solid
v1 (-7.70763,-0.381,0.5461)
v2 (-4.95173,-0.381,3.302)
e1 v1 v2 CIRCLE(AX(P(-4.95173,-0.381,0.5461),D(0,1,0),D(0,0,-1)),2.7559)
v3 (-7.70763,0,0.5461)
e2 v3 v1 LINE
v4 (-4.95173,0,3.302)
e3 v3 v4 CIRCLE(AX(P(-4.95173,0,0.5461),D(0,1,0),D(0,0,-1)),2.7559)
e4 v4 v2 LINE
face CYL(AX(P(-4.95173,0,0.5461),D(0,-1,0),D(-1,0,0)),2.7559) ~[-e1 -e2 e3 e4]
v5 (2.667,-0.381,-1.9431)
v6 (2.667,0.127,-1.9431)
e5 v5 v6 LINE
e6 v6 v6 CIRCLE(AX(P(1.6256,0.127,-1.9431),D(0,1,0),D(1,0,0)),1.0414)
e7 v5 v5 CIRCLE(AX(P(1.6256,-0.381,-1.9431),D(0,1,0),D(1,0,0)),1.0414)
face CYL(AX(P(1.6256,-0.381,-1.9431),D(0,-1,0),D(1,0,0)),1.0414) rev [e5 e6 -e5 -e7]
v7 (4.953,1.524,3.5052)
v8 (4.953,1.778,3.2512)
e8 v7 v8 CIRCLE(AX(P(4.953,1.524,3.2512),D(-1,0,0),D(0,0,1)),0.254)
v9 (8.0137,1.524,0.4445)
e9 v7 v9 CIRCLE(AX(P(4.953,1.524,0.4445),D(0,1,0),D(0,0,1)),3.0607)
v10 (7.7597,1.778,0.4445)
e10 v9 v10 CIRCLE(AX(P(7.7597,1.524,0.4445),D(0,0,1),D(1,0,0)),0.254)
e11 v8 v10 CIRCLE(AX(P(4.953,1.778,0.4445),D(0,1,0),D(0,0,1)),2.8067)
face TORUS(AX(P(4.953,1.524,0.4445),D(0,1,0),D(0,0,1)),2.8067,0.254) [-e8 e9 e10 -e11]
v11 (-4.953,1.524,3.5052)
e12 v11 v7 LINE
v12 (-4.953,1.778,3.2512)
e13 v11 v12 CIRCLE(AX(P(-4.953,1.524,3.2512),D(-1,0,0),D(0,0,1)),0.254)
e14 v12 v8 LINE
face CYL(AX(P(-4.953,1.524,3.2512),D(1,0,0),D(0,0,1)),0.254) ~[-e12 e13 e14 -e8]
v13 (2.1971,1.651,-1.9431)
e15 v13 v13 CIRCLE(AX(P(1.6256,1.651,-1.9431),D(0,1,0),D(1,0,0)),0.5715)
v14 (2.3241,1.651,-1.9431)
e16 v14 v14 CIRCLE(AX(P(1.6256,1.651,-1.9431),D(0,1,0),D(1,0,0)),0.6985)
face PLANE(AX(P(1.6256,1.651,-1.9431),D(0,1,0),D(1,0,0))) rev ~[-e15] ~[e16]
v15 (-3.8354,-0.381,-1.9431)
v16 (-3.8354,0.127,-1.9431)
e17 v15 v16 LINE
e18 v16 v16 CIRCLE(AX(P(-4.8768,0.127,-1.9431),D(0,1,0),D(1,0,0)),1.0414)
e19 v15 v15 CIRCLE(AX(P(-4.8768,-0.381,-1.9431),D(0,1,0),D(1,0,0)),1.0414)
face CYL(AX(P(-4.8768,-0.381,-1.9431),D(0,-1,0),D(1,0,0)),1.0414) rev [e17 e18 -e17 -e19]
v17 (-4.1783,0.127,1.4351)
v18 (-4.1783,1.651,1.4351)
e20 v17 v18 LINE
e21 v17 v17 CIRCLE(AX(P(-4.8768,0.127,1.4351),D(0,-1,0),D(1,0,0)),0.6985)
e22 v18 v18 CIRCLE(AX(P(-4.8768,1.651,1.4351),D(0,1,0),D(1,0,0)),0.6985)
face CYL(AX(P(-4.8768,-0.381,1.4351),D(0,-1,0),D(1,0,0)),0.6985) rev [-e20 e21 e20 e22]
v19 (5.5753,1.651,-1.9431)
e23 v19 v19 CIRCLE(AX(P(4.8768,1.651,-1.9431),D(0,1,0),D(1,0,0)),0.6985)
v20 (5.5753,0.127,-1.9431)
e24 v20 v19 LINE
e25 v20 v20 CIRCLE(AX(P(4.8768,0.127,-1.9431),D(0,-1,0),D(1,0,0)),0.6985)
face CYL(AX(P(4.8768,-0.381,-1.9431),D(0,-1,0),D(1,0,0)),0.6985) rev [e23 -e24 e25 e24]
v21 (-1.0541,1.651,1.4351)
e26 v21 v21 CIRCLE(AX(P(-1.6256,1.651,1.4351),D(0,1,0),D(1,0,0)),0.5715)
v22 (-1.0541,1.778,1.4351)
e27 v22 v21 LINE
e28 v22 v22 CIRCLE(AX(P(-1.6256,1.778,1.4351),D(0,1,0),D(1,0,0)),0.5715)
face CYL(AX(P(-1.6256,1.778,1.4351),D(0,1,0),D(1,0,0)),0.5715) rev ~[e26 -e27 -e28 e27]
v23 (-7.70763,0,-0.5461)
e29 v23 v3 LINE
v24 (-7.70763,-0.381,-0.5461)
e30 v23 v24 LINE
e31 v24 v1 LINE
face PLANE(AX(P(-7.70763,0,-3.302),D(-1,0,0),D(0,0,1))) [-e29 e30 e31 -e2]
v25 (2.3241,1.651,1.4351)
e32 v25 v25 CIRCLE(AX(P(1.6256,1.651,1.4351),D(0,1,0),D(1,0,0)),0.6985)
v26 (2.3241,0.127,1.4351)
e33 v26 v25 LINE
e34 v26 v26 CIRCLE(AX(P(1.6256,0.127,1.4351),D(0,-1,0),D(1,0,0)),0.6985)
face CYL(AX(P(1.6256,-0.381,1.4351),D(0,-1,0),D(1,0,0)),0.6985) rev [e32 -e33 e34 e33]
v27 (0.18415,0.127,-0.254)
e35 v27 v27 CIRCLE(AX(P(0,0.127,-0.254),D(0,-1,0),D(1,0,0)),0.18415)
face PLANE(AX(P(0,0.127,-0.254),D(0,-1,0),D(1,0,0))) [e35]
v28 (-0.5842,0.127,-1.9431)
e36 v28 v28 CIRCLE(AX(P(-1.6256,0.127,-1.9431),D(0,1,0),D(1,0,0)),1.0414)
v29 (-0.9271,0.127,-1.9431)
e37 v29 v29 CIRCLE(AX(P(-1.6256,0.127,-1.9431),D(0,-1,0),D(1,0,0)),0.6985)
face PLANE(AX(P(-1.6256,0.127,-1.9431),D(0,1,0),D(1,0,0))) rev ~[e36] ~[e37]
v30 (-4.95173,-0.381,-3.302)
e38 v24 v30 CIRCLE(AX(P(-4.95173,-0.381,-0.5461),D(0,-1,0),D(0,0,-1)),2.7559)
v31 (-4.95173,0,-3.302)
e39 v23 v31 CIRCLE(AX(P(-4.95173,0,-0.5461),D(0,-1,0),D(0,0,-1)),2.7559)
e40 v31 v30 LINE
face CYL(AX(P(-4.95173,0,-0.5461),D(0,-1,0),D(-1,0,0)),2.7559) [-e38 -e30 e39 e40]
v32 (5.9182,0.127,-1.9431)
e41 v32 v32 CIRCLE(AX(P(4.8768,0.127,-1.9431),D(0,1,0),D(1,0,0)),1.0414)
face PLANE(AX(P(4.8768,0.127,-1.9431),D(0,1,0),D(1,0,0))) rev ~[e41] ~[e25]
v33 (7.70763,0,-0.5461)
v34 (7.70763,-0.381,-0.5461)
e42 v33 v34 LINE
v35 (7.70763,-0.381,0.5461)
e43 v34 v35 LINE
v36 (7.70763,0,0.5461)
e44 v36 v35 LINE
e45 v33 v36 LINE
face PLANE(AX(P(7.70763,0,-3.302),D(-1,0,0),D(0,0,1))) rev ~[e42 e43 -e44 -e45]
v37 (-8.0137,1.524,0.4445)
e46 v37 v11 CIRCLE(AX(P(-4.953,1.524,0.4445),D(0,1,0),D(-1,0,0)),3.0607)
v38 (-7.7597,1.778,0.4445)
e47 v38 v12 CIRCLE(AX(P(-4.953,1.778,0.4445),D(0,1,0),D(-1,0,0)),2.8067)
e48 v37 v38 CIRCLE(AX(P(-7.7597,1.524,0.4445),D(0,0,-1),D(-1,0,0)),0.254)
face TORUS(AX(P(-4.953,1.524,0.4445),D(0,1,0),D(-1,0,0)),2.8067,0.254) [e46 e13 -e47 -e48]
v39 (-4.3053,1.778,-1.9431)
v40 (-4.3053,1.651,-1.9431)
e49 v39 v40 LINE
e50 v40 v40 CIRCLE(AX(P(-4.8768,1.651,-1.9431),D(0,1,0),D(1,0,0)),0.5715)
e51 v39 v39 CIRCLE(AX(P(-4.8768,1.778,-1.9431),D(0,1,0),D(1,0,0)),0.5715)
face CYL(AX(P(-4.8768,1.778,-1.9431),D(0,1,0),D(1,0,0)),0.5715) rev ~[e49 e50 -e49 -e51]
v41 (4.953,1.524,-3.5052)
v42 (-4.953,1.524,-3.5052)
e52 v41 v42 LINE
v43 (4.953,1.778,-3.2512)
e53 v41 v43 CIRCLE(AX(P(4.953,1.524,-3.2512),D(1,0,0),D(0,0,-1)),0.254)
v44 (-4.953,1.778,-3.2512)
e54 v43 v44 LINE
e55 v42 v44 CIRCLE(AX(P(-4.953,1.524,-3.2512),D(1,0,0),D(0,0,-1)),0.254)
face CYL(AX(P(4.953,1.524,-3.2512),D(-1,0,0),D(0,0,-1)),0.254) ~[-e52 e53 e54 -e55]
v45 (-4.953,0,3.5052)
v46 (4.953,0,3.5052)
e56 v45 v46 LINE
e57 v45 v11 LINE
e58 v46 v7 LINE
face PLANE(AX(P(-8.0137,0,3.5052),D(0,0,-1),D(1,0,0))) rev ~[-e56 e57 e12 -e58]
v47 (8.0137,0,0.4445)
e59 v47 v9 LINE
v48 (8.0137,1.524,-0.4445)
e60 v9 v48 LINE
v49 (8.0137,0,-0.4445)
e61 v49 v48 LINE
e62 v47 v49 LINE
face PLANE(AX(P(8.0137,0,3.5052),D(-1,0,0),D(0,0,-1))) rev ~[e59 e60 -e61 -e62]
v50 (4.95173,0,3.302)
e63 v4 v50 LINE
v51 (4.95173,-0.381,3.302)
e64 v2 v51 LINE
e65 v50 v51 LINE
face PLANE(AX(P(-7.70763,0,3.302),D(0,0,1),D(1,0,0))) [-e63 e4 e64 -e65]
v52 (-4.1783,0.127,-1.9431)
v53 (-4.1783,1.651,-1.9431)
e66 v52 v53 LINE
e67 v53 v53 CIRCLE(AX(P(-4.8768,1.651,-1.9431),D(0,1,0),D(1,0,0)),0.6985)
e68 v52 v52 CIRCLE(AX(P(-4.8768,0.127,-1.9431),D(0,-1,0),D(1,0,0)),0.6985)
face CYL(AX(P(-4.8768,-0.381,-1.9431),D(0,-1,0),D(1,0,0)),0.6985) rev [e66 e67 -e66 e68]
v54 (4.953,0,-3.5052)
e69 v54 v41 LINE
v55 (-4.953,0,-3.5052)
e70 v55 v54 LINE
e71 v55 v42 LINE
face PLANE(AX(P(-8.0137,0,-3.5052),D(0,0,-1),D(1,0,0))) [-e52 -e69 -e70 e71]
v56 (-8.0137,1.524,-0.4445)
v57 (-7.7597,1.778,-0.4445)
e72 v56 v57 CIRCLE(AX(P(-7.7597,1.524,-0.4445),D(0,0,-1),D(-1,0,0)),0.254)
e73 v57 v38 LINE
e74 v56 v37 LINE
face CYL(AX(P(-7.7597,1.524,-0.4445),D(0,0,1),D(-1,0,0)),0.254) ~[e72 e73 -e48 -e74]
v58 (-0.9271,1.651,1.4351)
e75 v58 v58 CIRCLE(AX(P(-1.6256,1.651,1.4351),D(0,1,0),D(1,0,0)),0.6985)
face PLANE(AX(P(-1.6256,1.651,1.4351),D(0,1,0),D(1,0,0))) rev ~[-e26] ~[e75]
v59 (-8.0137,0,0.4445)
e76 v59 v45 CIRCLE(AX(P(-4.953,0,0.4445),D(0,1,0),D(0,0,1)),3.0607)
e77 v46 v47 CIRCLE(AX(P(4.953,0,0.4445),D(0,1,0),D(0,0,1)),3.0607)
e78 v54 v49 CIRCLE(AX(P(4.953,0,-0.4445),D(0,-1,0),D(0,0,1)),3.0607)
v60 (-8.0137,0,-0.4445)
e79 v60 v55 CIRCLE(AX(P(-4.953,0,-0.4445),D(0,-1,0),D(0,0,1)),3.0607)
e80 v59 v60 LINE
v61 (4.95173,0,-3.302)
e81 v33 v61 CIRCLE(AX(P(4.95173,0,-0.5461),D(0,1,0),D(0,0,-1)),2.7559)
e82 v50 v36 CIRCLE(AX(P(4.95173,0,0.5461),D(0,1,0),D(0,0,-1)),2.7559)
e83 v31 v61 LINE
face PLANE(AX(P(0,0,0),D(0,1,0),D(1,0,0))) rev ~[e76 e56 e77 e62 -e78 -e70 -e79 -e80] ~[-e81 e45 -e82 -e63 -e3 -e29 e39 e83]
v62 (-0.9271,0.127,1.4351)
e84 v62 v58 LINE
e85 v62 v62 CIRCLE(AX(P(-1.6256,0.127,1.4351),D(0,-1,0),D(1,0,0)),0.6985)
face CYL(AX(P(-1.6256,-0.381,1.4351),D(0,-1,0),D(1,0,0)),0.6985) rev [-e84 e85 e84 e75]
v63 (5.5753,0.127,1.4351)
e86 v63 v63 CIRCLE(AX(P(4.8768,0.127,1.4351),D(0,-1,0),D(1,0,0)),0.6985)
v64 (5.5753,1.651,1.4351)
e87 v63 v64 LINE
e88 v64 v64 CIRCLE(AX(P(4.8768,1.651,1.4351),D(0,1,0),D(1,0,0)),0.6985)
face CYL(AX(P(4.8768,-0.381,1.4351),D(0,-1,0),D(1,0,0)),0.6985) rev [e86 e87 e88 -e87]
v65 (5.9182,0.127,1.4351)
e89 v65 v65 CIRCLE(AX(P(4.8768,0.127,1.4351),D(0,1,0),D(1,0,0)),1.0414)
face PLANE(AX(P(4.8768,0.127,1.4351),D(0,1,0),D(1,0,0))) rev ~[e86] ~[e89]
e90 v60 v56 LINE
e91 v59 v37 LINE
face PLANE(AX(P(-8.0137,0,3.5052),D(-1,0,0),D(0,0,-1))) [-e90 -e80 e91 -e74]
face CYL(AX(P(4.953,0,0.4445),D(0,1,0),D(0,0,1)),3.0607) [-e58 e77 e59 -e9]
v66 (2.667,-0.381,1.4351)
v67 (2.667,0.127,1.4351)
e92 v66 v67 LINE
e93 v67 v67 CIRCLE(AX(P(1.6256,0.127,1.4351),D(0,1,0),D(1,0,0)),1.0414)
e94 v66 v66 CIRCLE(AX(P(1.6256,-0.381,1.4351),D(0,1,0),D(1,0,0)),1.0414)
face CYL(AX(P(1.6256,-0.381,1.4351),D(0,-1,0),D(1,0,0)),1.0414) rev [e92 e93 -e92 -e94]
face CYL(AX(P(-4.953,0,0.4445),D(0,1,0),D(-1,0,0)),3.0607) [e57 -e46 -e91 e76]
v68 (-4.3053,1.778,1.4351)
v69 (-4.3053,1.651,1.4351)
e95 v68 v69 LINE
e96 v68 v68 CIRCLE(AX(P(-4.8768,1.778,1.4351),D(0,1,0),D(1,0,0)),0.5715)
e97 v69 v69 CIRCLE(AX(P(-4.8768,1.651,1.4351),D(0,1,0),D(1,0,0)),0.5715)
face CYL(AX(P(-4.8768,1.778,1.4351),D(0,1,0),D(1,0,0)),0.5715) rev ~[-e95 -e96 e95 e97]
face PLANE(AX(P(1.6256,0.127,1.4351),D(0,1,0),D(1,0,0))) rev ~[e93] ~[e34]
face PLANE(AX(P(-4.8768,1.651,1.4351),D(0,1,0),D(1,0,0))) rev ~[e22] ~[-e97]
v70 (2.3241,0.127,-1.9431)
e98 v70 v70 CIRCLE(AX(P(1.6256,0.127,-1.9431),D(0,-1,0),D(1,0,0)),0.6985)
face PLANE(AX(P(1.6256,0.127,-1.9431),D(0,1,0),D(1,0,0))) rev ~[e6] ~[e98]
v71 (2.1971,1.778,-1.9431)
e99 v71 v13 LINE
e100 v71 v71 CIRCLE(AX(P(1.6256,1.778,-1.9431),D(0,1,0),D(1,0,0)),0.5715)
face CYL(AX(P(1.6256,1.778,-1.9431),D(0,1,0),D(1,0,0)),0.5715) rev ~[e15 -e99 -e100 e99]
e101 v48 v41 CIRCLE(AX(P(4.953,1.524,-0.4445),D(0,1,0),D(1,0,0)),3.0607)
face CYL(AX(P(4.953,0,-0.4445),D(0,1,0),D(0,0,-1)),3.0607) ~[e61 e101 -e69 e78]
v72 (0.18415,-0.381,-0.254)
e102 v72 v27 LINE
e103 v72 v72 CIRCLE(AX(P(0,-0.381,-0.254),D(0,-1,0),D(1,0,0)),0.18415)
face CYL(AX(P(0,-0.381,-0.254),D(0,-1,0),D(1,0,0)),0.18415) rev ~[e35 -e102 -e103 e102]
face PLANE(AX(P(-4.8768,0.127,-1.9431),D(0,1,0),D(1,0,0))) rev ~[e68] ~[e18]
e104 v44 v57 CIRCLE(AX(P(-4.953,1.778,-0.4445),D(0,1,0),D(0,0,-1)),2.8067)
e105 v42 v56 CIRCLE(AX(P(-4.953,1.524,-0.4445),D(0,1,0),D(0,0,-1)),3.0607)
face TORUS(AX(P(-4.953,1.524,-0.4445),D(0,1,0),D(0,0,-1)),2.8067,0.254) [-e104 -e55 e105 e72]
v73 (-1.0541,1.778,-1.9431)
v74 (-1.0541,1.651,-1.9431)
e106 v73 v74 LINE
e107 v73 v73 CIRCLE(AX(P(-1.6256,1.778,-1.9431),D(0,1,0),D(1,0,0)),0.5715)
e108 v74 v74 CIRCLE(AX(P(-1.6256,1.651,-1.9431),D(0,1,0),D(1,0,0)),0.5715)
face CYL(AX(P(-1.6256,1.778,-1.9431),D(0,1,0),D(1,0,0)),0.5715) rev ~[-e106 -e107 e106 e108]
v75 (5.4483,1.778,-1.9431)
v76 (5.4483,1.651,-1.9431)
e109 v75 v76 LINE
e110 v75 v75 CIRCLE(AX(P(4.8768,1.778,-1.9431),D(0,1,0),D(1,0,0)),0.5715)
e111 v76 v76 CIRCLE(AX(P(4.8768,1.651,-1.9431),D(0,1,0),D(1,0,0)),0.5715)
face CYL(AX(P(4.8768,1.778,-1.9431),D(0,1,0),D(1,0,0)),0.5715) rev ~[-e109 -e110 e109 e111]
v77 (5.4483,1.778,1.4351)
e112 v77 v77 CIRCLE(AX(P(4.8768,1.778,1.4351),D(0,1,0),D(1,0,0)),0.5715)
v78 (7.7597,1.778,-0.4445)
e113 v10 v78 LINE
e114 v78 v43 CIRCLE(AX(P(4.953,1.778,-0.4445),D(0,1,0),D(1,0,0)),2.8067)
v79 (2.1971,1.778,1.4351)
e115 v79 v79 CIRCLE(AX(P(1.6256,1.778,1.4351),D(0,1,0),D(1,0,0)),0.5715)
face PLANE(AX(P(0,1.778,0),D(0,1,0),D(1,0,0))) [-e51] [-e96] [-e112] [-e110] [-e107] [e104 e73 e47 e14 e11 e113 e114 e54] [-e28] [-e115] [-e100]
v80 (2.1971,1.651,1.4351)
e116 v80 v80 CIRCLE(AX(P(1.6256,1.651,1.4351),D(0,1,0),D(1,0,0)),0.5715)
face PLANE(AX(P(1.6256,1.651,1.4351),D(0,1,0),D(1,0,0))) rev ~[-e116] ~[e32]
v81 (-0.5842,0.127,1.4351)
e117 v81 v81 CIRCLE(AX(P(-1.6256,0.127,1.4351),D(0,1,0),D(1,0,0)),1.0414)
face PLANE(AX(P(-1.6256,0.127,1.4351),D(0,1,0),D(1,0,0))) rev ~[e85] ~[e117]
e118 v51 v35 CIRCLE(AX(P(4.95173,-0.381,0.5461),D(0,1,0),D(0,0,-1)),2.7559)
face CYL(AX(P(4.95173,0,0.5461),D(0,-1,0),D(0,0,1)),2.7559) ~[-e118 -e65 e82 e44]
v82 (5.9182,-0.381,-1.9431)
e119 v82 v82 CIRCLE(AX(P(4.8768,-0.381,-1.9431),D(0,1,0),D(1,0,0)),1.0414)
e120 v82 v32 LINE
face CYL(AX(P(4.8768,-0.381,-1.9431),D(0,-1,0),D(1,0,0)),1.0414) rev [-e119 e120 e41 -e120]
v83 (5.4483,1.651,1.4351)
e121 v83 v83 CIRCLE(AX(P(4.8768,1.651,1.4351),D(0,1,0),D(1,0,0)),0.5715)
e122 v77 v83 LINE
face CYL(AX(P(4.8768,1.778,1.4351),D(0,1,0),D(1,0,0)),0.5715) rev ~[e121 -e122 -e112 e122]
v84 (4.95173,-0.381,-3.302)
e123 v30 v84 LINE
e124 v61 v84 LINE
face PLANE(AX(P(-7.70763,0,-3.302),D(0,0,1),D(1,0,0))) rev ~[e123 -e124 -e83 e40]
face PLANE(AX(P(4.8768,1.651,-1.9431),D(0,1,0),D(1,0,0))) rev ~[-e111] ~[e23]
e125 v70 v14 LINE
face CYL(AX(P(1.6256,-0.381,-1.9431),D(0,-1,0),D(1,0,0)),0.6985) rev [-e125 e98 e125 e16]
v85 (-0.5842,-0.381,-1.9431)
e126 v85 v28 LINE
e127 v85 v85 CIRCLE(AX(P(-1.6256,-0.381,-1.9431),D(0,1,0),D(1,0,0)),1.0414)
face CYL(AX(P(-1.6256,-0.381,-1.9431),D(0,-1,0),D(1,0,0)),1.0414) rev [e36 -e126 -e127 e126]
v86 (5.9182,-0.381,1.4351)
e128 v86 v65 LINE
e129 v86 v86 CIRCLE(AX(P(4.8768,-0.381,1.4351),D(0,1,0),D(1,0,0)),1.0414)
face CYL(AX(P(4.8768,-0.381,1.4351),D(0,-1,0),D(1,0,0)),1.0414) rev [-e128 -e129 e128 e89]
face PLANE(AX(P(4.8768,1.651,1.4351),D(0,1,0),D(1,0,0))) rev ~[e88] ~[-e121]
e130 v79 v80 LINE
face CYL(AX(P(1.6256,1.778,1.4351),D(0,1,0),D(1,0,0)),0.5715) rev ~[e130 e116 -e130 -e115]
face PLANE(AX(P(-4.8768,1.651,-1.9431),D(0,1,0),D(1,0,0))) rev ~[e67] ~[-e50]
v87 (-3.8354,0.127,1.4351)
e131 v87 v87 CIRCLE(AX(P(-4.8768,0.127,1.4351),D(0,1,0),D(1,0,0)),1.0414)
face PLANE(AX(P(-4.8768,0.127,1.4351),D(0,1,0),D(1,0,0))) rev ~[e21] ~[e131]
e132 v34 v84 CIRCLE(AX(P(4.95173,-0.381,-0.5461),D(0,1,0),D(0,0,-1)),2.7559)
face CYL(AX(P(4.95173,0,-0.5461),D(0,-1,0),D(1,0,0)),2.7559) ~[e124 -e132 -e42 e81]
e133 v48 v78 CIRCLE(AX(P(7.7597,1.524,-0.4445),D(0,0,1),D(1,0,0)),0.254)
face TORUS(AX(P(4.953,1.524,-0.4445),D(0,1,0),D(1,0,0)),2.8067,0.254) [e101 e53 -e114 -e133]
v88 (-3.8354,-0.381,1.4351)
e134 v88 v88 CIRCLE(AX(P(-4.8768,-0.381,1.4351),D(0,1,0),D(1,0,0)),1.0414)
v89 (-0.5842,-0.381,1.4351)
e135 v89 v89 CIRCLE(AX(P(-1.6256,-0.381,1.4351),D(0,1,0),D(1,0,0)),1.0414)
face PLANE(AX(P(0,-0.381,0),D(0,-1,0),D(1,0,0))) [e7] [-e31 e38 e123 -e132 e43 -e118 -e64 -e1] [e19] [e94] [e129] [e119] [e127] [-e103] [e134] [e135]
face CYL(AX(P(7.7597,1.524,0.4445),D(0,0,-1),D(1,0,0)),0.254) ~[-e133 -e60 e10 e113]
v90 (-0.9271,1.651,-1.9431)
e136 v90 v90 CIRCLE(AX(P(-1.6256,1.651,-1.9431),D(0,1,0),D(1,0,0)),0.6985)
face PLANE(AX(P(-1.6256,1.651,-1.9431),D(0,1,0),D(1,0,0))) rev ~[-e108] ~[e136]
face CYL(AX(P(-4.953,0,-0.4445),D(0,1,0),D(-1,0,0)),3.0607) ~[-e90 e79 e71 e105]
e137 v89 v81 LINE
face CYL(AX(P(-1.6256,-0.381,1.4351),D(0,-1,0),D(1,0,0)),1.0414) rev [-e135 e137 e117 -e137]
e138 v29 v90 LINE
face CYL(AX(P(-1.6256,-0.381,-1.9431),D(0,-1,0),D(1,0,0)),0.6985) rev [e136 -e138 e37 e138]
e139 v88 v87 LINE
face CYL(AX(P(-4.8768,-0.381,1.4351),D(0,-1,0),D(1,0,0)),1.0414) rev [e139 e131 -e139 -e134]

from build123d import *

# Parameters (mm, degrees)
SKETCH1_W           = 16.0274
SKETCH1_H           = 7.0104
BOSS_EXTRUDE1_DEPTH = 1.778
SKETCH3_W           = 15.41526
SKETCH3_H           = 6.604
BOSS_EXTRUDE2_DEPTH = 0.381
FILLET2_R           = 2.7559
FILLET3_R           = 3.0607
SKETCH4_R           = 0.5715
CUT_EXTRUDE1_DEPTH  = 3.159
SKETCH5_R           = 0.6985
CUT_EXTRUDE2_DEPTH  = 2.032
SKETCH6_R           = 1.0414
CUT_EXTRUDE3_DEPTH  = 0.508
SKETCH7_R           = 0.18415
CUT_EXTRUDE4_DEPTH  = 0.508
FILLET4_R           = 0.254


with BuildPart() as part:
    # Sketch1 → Boss-Extrude1 (new body)
    with BuildSketch(Plane(origin=(0, 0, 0), x_dir=(1, 0, 0), z_dir=(0, 1, 0))):
        Rectangle(SKETCH1_W, SKETCH1_H)
    extrude(amount=BOSS_EXTRUDE1_DEPTH)

    # Sketch3 → Boss-Extrude2 (add)
    with BuildSketch(Plane.XZ):
        Rectangle(SKETCH3_W, SKETCH3_H)
    extrude(amount=BOSS_EXTRUDE2_DEPTH)

    # Fillet2
    fillet2_edges = [part.edges().sort_by_distance(p)[0] for p in [
        (-7.70763, -0.1905, 3.302),
        (-7.70763, -0.1905, -3.302),
        (7.70763, -0.1905, -3.302),
        (7.70763, -0.1905, 3.302),
    ]]
    fillet(fillet2_edges, radius=FILLET2_R)

    # Fillet3
    fillet3_edges = [part.edges().sort_by_distance(p)[0] for p in [
        (-8.0137, 0.889, -3.5052),
        (8.0137, 0.889, -3.5052),
        (8.0137, 0.889, 3.5052),
        (-8.0137, 0.889, 3.5052),
    ]]
    fillet(fillet3_edges, radius=FILLET3_R)

    # Sketch4 → Cut-Extrude1 (cut, through all)
    with BuildSketch(Plane(origin=(0, 1.778, 0), x_dir=(1, 0, 0), z_dir=(0, 1, 0))):
        with Locations((-4.8768, 1.9431)):
            Circle(SKETCH4_R)
        with Locations((-1.6256, 1.9431)):
            Circle(SKETCH4_R)
        with Locations((-4.8768, -1.4351)):
            Circle(SKETCH4_R)
        with Locations((-1.6256, -1.4351)):
            Circle(SKETCH4_R)
        with Locations((1.6256, -1.4351)):
            Circle(SKETCH4_R)
        with Locations((4.8768, -1.4351)):
            Circle(SKETCH4_R)
        with Locations((1.6256, 1.9431)):
            Circle(SKETCH4_R)
        with Locations((4.8768, 1.9431)):
            Circle(SKETCH4_R)
    extrude(amount=-CUT_EXTRUDE1_DEPTH, mode=Mode.SUBTRACT)

    # Sketch5 → Cut-Extrude2 (cut)
    with BuildSketch(Plane(origin=(0, -0.381, 0), x_dir=(1, 0, 0), z_dir=(0, 1, 0))):
        with Locations((-4.8768, -1.4351)):
            Circle(SKETCH5_R)
        with Locations((-4.8768, 1.9431)):
            Circle(SKETCH5_R)
        with Locations((-1.6256, 1.9431)):
            Circle(SKETCH5_R)
        with Locations((-1.6256, -1.4351)):
            Circle(SKETCH5_R)
        with Locations((1.6256, 1.9431)):
            Circle(SKETCH5_R)
        with Locations((1.6256, -1.4351)):
            Circle(SKETCH5_R)
        with Locations((4.8768, 1.9431)):
            Circle(SKETCH5_R)
        with Locations((4.8768, -1.4351)):
            Circle(SKETCH5_R)
    extrude(amount=CUT_EXTRUDE2_DEPTH, mode=Mode.SUBTRACT)

    # Sketch6 → Cut-Extrude3 (cut)
    with BuildSketch(Plane(origin=(0, -0.381, 0), x_dir=(1, 0, 0), z_dir=(0, 1, 0))):
        with Locations((-4.8768, 1.9431)):
            Circle(SKETCH6_R)
        with Locations((-4.8768, -1.4351)):
            Circle(SKETCH6_R)
        with Locations((-1.6256, -1.4351)):
            Circle(SKETCH6_R)
        with Locations((-1.6256, 1.9431)):
            Circle(SKETCH6_R)
        with Locations((1.6256, 1.9431)):
            Circle(SKETCH6_R)
        with Locations((1.6256, -1.4351)):
            Circle(SKETCH6_R)
        with Locations((4.8768, -1.4351)):
            Circle(SKETCH6_R)
        with Locations((4.8768, 1.9431)):
            Circle(SKETCH6_R)
    extrude(amount=CUT_EXTRUDE3_DEPTH, mode=Mode.SUBTRACT)

    # Sketch7 → Cut-Extrude4 (cut)
    with BuildSketch(Plane.XZ.offset(0.381)):
        with Locations((0, -0.254)):
            Circle(SKETCH7_R)
    extrude(amount=-CUT_EXTRUDE4_DEPTH, mode=Mode.SUBTRACT)

    # Fillet4
    fillet4_edges = [part.edges().sort_by_distance(p)[0] for p in [
        (0, 1.778, 3.5052),
        (-8.0137, 1.778, 0),
        (8.0137, 1.778, 0),
        (0, 1.778, -3.5052),
        (7.117241725, 1.778, -2.608741725),
        (7.117241725, 1.778, 2.608741725),
        (-7.117241725, 1.778, -2.608741725),
        (-7.117241725, 1.778, 2.608741725),
    ]]
    fillet(fillet4_edges, radius=FILLET4_R)


solid = part.part
